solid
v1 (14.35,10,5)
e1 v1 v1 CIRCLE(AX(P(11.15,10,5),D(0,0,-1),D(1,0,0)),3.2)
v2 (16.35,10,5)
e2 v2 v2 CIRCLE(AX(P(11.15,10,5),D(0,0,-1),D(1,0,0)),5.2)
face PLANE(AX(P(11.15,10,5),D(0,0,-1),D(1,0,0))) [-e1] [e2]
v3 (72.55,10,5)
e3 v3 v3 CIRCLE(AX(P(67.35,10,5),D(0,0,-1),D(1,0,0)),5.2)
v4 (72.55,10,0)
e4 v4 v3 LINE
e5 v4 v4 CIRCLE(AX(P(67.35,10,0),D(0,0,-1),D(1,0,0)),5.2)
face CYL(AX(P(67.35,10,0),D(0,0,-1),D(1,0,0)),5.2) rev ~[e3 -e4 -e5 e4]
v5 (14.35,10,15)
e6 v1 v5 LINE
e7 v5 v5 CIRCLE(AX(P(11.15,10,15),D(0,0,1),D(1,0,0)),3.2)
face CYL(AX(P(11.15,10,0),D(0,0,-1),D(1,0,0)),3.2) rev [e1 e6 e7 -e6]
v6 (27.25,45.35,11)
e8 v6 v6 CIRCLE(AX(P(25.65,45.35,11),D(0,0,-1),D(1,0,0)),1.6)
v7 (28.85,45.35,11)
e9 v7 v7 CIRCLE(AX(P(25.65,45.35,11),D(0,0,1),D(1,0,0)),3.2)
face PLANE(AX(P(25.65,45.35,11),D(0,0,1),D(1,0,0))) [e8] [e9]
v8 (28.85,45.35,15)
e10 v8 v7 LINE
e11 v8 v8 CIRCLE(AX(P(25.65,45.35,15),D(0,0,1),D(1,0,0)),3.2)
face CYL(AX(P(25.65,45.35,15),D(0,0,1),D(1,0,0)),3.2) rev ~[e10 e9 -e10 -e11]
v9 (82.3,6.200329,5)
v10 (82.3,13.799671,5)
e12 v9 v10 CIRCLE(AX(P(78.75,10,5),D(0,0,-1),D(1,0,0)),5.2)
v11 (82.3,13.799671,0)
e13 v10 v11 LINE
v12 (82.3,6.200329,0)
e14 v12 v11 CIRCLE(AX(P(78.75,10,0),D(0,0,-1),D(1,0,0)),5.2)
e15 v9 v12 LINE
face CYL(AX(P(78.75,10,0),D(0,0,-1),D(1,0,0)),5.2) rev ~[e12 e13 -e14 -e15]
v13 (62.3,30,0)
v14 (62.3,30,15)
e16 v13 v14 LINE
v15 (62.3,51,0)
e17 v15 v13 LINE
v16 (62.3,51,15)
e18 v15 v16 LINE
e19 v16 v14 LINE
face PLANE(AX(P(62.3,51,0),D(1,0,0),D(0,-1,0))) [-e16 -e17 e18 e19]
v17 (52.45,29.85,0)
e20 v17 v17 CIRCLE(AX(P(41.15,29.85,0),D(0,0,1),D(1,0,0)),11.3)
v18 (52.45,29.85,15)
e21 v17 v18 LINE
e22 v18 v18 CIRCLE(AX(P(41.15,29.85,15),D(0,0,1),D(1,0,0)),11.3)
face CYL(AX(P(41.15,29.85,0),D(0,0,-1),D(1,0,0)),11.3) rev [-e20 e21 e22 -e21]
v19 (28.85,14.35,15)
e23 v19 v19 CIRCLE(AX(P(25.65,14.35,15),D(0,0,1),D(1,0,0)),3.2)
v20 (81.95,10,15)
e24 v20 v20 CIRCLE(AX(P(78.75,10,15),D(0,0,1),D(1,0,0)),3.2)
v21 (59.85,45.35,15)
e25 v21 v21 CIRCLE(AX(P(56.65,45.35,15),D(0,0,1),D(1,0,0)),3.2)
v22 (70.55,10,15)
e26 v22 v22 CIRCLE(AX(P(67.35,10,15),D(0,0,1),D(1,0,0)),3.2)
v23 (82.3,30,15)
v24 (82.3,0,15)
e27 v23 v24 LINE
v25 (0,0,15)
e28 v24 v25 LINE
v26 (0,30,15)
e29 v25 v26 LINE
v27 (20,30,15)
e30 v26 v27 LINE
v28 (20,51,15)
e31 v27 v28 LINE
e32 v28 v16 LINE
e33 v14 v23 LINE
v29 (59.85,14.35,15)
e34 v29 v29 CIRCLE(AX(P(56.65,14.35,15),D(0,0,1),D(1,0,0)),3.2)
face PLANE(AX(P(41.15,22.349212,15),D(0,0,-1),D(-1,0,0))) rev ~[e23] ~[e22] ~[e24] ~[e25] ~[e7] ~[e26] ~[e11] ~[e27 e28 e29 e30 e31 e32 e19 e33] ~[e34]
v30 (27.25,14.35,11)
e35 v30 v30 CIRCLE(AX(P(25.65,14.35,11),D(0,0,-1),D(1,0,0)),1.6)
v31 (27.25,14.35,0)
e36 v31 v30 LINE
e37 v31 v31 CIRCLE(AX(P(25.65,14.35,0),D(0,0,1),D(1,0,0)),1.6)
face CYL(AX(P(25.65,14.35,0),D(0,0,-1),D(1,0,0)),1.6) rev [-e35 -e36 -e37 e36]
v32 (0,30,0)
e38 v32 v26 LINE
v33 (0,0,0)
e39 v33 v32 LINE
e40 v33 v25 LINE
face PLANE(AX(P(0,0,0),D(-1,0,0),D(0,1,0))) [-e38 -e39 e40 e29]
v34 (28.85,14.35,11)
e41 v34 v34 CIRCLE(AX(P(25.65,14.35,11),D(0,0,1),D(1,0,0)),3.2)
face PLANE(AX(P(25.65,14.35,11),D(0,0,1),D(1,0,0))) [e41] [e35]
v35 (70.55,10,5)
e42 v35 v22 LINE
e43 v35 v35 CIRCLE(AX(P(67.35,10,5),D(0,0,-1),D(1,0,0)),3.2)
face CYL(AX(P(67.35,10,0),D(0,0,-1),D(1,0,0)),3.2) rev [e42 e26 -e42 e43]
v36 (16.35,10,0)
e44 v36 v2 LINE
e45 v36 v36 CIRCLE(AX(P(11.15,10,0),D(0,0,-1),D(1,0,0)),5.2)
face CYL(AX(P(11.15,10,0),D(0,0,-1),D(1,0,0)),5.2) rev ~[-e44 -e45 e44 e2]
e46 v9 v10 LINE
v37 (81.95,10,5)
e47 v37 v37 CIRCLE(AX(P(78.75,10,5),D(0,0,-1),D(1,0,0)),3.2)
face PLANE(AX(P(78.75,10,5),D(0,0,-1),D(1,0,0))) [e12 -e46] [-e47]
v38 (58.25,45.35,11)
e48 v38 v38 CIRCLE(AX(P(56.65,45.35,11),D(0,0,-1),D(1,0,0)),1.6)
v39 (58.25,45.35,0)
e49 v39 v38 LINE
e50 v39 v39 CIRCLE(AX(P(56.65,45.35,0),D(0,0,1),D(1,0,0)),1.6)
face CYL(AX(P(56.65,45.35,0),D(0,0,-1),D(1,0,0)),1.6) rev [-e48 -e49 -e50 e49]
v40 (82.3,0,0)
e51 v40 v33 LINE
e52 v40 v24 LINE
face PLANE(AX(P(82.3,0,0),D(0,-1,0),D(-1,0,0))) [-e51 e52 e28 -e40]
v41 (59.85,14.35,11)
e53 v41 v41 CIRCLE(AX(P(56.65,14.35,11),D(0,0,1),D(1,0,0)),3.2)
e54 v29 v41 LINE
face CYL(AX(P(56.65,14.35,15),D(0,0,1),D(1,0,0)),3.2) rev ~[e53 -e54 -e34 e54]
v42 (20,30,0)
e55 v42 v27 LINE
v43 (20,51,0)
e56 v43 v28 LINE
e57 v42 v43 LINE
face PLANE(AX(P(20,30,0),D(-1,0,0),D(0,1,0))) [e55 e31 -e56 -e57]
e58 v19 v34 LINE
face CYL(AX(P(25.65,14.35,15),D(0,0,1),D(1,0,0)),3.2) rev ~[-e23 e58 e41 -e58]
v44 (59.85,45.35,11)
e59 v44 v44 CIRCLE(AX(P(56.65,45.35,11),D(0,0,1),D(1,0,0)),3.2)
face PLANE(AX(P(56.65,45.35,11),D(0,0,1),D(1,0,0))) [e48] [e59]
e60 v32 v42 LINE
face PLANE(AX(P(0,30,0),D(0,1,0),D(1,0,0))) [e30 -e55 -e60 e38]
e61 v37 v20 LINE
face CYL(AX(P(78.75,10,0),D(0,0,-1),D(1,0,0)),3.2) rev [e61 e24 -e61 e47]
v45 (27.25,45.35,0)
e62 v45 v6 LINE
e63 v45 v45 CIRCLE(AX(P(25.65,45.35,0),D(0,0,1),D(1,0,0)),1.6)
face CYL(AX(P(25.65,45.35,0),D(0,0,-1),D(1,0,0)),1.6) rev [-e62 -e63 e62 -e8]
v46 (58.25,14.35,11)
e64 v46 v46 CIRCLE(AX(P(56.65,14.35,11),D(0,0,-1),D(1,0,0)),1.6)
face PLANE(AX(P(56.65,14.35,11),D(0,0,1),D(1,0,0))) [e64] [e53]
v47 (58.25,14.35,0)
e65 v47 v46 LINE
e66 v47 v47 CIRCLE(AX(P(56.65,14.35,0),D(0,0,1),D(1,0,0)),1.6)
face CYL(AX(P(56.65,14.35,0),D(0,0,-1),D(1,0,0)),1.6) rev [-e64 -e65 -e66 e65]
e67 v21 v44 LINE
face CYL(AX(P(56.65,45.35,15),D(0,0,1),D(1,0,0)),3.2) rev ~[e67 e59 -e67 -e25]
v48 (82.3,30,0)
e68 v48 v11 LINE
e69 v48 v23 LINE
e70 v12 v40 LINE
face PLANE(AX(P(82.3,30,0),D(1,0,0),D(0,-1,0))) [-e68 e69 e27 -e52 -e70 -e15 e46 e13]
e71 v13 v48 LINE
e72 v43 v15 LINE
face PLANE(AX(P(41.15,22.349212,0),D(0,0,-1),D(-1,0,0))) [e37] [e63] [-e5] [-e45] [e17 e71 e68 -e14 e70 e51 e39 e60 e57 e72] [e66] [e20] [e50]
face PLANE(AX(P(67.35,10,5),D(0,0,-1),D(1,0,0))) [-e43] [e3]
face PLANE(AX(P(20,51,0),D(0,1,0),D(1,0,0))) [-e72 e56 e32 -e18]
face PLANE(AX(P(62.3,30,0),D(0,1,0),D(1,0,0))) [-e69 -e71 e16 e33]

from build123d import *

# Parameters (mm, degrees)
SKETCH_R        = 11.3
SKETCH_R_2      = 1.6
SKETCH_R_3      = 3.2
PAD_DEPTH       = 15
SKETCH001_R     = 3.2
POCKET_DEPTH    = 4
SKETCH002_R     = 5.2
POCKET001_DEPTH = 5


with BuildPart() as part:
    # Sketch → Pad (new body)
    with BuildSketch(Plane.XY):
        Polygon((20, 30), (20, 51), (62.3, 51), (62.3, 30), (82.3, 30), (82.3, 0), (0, 0), (0, 30), align=None)
        with Locations((41.15, 29.85)):
            Circle(SKETCH_R, mode=Mode.SUBTRACT)
        with Locations((25.65, 45.35)):
            Circle(SKETCH_R_2, mode=Mode.SUBTRACT)
        with Locations((25.65, 14.35)):
            Circle(SKETCH_R_2, mode=Mode.SUBTRACT)
        with Locations((56.65, 45.35)):
            Circle(SKETCH_R_2, mode=Mode.SUBTRACT)
        with Locations((56.65, 14.35)):
            Circle(SKETCH_R_2, mode=Mode.SUBTRACT)
        with Locations((11.15, 10)):
            Circle(SKETCH_R_3, mode=Mode.SUBTRACT)
        with Locations((67.35, 10)):
            Circle(SKETCH_R_3, mode=Mode.SUBTRACT)
        with Locations((78.75, 10)):
            Circle(SKETCH_R_3, mode=Mode.SUBTRACT)
    extrude(amount=PAD_DEPTH)

    # Sketch001 (on Face18 of Pad) → Pocket (cut)
    with BuildSketch(Plane.XY.offset(15)):
        with Locations((25.65, 45.35)):
            Circle(SKETCH001_R)
        with Locations((56.65, 45.35)):
            Circle(SKETCH001_R)
        with Locations((56.65, 14.35)):
            Circle(SKETCH001_R)
        with Locations((25.65, 14.35)):
            Circle(SKETCH001_R)
    extrude(amount=-POCKET_DEPTH, mode=Mode.SUBTRACT)

    # Sketch002 (on Face4 of Pocket) → Pocket001 (cut)
    with BuildSketch(Plane(origin=(0, 0, 0), x_dir=(1, 0, 0), z_dir=(0, 0, -1))):
        with Locations((11.15, -10)):
            Circle(SKETCH002_R)
        with Locations((67.35, -10)):
            Circle(SKETCH002_R)
        with Locations((78.75, -10)):
            Circle(SKETCH002_R)
    extrude(amount=-POCKET001_DEPTH, mode=Mode.SUBTRACT)


solid = part.part
